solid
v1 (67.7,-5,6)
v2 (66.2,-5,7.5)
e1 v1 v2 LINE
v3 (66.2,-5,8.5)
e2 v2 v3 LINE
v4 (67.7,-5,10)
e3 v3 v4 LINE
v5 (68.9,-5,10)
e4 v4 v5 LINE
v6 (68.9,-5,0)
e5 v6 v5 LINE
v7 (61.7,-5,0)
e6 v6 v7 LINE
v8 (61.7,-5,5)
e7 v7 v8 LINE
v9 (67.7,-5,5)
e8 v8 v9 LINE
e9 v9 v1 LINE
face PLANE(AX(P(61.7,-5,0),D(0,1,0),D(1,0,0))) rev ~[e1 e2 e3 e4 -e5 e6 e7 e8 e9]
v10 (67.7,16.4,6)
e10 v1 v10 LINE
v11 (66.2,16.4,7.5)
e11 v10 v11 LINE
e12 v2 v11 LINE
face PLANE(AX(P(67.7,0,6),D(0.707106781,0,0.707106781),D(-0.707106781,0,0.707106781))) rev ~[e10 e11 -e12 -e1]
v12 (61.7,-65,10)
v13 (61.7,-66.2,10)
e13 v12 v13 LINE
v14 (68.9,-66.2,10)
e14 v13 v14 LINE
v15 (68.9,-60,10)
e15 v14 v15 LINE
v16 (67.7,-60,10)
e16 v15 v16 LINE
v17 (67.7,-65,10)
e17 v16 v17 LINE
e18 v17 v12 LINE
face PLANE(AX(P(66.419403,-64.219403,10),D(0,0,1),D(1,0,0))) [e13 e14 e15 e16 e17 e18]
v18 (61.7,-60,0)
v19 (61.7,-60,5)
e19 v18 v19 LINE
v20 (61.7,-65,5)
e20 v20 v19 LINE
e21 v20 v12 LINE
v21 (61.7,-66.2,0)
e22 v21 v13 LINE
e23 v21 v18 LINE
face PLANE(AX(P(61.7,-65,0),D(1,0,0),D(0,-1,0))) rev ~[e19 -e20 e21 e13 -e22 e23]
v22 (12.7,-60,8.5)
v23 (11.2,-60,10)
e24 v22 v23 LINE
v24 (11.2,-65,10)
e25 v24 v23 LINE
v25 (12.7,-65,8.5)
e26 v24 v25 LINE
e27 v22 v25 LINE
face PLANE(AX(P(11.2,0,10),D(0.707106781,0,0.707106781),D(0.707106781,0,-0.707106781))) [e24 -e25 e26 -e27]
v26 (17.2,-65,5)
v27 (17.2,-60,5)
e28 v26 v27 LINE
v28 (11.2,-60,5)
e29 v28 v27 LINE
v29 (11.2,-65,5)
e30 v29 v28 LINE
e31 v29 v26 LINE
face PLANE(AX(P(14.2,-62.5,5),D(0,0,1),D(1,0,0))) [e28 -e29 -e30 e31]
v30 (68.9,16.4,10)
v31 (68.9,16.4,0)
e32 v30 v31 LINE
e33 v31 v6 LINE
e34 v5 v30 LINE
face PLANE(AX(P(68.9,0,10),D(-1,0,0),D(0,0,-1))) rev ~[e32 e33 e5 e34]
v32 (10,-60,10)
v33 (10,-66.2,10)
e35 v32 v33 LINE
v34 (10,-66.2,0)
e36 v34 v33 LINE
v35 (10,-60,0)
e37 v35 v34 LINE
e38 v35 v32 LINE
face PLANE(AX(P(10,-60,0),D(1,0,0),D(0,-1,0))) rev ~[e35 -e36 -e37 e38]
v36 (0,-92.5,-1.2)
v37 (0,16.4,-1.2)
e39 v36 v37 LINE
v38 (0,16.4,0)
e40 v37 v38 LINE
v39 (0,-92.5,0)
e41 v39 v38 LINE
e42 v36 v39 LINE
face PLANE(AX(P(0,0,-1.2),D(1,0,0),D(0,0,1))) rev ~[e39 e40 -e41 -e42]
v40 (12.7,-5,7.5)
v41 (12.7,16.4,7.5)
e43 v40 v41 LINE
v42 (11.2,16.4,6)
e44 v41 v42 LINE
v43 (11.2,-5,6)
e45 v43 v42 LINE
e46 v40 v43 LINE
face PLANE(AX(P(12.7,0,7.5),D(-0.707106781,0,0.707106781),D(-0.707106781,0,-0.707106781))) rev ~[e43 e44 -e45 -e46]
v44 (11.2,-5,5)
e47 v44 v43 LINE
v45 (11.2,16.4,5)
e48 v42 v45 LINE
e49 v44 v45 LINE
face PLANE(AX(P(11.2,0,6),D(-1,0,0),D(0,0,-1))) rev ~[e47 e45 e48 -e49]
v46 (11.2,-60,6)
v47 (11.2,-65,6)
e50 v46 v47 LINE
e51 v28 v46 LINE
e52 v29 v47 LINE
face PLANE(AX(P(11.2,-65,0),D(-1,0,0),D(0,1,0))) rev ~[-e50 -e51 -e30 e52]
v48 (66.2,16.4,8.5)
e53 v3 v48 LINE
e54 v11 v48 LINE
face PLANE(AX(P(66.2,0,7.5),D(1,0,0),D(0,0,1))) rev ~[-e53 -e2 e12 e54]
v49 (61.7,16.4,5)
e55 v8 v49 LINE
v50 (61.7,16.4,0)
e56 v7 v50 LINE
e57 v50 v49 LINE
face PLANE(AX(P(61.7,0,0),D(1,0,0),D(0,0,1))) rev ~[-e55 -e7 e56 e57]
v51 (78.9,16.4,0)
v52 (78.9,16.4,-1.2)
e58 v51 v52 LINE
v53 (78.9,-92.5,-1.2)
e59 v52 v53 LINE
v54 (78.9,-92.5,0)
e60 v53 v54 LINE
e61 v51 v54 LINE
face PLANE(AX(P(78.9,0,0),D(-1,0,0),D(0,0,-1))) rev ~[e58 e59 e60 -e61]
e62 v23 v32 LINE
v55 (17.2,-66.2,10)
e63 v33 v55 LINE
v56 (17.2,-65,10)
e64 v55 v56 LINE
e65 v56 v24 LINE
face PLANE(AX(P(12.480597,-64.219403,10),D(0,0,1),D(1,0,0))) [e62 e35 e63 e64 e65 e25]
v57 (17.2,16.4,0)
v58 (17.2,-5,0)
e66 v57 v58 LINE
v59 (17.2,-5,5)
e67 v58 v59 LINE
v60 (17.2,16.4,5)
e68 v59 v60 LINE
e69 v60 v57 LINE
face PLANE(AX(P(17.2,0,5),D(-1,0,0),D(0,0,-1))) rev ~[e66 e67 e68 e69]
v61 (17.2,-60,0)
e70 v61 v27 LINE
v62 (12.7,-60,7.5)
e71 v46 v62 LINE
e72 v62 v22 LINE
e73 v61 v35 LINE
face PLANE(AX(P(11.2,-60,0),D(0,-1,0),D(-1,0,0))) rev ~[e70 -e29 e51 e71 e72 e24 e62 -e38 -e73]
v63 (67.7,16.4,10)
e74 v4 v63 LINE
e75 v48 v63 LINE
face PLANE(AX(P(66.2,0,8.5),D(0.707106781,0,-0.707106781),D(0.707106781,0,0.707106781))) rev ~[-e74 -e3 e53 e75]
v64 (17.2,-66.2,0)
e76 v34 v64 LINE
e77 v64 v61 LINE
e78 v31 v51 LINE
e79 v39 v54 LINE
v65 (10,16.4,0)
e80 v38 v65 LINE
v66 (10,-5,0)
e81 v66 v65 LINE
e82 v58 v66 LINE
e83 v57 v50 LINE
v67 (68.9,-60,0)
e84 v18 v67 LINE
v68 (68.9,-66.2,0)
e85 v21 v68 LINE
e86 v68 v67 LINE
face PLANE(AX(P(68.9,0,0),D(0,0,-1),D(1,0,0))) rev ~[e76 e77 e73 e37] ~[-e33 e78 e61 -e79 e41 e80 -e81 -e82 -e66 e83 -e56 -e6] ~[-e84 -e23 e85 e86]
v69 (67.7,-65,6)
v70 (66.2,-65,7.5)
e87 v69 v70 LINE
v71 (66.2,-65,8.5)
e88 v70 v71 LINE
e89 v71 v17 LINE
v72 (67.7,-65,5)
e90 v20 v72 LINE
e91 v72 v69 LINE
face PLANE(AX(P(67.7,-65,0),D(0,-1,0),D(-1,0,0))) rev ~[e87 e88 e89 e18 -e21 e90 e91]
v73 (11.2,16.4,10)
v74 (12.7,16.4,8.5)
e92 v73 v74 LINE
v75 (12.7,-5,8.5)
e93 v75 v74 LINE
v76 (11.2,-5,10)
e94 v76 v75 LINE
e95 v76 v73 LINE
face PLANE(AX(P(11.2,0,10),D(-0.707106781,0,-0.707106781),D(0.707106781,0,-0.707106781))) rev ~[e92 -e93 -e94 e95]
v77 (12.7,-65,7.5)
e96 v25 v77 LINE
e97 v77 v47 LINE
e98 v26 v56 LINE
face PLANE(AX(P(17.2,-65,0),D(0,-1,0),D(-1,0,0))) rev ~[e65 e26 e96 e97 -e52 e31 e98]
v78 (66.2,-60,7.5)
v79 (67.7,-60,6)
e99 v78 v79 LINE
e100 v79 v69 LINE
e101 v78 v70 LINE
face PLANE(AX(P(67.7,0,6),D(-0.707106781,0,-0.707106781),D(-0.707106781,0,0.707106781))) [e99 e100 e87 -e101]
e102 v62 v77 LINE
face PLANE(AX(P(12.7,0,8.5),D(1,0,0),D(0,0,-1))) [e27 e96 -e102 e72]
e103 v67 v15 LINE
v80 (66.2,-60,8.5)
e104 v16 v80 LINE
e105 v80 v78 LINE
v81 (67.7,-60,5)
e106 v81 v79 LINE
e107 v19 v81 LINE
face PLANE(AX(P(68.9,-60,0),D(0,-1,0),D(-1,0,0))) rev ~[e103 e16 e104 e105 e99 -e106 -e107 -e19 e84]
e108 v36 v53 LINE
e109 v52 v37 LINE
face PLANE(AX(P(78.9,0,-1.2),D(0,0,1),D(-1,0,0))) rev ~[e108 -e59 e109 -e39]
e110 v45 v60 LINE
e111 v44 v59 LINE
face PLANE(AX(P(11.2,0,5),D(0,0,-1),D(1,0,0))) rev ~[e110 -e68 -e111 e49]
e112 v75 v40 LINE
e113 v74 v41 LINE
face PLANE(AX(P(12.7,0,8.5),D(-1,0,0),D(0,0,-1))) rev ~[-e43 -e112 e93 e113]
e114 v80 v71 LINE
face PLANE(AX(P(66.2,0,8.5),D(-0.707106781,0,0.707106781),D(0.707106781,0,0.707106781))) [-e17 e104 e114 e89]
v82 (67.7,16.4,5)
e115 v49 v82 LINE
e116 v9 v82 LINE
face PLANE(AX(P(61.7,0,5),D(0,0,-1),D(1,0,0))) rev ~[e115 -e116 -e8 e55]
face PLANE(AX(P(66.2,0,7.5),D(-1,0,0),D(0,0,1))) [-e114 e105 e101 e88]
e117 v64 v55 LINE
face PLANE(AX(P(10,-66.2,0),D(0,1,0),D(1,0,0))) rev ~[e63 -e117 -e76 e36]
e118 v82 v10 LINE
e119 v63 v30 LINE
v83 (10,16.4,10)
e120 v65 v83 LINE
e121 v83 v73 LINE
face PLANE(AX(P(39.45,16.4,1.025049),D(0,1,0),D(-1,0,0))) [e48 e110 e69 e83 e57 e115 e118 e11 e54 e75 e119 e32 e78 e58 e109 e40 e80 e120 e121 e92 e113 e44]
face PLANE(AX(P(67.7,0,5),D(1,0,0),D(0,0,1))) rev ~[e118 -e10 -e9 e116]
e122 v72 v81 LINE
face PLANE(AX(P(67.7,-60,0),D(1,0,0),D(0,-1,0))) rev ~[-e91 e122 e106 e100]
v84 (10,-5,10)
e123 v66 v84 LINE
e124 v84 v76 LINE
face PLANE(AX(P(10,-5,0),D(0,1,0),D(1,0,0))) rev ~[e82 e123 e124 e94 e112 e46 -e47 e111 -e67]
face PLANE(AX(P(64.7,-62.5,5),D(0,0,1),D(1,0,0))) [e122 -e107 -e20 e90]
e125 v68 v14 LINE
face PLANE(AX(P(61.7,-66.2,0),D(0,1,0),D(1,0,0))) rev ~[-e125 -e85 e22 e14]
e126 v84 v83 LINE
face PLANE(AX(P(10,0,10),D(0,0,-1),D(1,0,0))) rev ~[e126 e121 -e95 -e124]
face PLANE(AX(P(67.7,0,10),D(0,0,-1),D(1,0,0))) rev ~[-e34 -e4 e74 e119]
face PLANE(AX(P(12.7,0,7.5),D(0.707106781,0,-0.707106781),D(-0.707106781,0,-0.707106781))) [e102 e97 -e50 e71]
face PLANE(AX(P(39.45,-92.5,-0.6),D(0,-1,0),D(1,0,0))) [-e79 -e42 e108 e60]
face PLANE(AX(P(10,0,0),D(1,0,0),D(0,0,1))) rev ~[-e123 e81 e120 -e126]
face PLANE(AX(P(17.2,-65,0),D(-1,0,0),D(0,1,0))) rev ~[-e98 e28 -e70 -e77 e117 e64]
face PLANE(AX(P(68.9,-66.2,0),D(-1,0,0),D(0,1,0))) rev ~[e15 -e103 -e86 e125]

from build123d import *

# Parameters (mm, degrees)
F0_W      = 6
F0_H      = 5
F0_W_2    = 1.2
F1_DEPTH  = 1.2
F2_DEPTH  = 5
F3_DEPTH  = 10
F5_DEPTH  = 65
F6_DEPTH  = 10
F1_FACE_W = 78.9
F1_FACE_H = 1.2
F7_DEPTH  = 16.3
F8_DEPTH  = 16.4


with BuildPart() as f1:
    # F0 (on Top) → F1 (new body)
    with BuildSketch(Plane.XY):
        with Locations((14.2, -2.5)):
            Rectangle(F0_W, F0_H)
        with Locations((10.6, -2.5)):
            Rectangle(F0_W_2, F0_H)
        Polygon((10, 0), (0, 0), (0, -76.2), (78.9, -76.2), (78.9, 0), (68.9, 0), (68.9, -5), (67.7, -5), (61.7, -5), (61.7, 0), (17.2, 0), (17.2, -5), (11.2, -5), (10, -5), align=None)
        Polygon((10, -60), (11.2, -60), (17.2, -60), (17.2, -65), (17.2, -66.2), (10, -66.2), align=None, mode=Mode.SUBTRACT)
        Polygon((61.7, -65), (61.7, -60), (67.7, -60), (68.9, -60), (68.9, -66.2), (61.7, -66.2), align=None, mode=Mode.SUBTRACT)
        with Locations((64.7, -2.5)):
            Rectangle(F0_W, F0_H)
        with Locations((68.3, -2.5)):
            Rectangle(F0_W_2, F0_H)
        with Locations((64.7, -62.5)):
            Rectangle(F0_W, F0_H)
        Polygon((68.9, -60), (67.7, -60), (67.7, -65), (61.7, -65), (61.7, -66.2), (68.9, -66.2), align=None)
        with Locations((14.2, -62.5)):
            Rectangle(F0_W, F0_H)
        Polygon((11.2, -65), (11.2, -60), (10, -60), (10, -66.2), (17.2, -66.2), (17.2, -65), align=None)
    extrude(amount=-F1_DEPTH)

    # F0 (on Top) → F2 (join)
    with BuildSketch(Plane.XY):
        with Locations((14.2, -2.5)):
            Rectangle(F0_W, F0_H)
        with Locations((14.2, -62.5)):
            Rectangle(F0_W, F0_H)
        with Locations((64.7, -2.5)):
            Rectangle(F0_W, F0_H)
        with Locations((64.7, -62.5)):
            Rectangle(F0_W, F0_H)
    extrude(amount=F2_DEPTH)

    # F0 (on Top) → F3 (join)
    with BuildSketch(Plane.XY):
        Polygon((11.2, -65), (11.2, -60), (10, -60), (10, -66.2), (17.2, -66.2), (17.2, -65), align=None)
        Polygon((68.9, -60), (67.7, -60), (67.7, -65), (61.7, -65), (61.7, -66.2), (68.9, -66.2), align=None)
        with Locations((68.3, -2.5)):
            Rectangle(F0_W_2, F0_H)
        with Locations((10.6, -2.5)):
            Rectangle(F0_W_2, F0_H)
    extrude(amount=F3_DEPTH)

    # F4 (on face) → F5 (join, through all)
    with BuildSketch(Plane(origin=(0, 0, 0), x_dir=(-1, 0, 0), z_dir=(0, 1, 0))):
        Polygon((-11.2, 6), (-11.2, 10), (-12.7, 8.5), (-12.7, 7.5), align=None)
        Polygon((-66.2, 7.5), (-66.2, 8.5), (-67.7, 10), (-67.7, 6), align=None)
    extrude(amount=-F5_DEPTH)

    # F0 (on Top) → F6 (cut, through all)
    with BuildSketch(Plane.XY):
        Polygon((10, 0), (0, 0), (0, -76.2), (78.9, -76.2), (78.9, 0), (68.9, 0), (68.9, -5), (67.7, -5), (61.7, -5), (61.7, 0), (17.2, 0), (17.2, -5), (11.2, -5), (10, -5), align=None)
        Polygon((10, -60), (11.2, -60), (17.2, -60), (17.2, -65), (17.2, -66.2), (10, -66.2), align=None, mode=Mode.SUBTRACT)
        Polygon((61.7, -65), (61.7, -60), (67.7, -60), (68.9, -60), (68.9, -66.2), (61.7, -66.2), align=None, mode=Mode.SUBTRACT)
    extrude(amount=F6_DEPTH, mode=Mode.SUBTRACT)

    # F1_face (on face) → F7 (join)
    with BuildSketch(Plane(origin=(39.45, -76.2, -0.6), x_dir=(1, 0, 0), z_dir=(0, -1, 0))):
        Rectangle(F1_FACE_W, F1_FACE_H)
    extrude(amount=F7_DEPTH)

    # F5_face (on face) → F8 (join)
    with BuildSketch(Plane(origin=(39.45, 0, 1.467354), x_dir=(-1, 0, 0), z_dir=(0, 1, 0))):
        Polygon((-39.45, -2.667354), (39.45, -2.667354), (39.45, -1.467354), (29.45, -1.467354), (29.45, 8.532646), (28.25, 8.532646), (26.75, 7.032646), (26.75, 6.032646), (28.25, 4.532646), (28.25, 3.532646), (22.25, 3.532646), (22.25, -1.467354), (-22.25, -1.467354), (-22.25, 3.532646), (-28.25, 3.532646), (-28.25, 4.532646), (-26.75, 6.032646), (-26.75, 7.032646), (-28.25, 8.532646), (-29.45, 8.532646), (-29.45, -1.467354), (-39.45, -1.467354), align=None)
    extrude(amount=F8_DEPTH)


solid = f1.part
